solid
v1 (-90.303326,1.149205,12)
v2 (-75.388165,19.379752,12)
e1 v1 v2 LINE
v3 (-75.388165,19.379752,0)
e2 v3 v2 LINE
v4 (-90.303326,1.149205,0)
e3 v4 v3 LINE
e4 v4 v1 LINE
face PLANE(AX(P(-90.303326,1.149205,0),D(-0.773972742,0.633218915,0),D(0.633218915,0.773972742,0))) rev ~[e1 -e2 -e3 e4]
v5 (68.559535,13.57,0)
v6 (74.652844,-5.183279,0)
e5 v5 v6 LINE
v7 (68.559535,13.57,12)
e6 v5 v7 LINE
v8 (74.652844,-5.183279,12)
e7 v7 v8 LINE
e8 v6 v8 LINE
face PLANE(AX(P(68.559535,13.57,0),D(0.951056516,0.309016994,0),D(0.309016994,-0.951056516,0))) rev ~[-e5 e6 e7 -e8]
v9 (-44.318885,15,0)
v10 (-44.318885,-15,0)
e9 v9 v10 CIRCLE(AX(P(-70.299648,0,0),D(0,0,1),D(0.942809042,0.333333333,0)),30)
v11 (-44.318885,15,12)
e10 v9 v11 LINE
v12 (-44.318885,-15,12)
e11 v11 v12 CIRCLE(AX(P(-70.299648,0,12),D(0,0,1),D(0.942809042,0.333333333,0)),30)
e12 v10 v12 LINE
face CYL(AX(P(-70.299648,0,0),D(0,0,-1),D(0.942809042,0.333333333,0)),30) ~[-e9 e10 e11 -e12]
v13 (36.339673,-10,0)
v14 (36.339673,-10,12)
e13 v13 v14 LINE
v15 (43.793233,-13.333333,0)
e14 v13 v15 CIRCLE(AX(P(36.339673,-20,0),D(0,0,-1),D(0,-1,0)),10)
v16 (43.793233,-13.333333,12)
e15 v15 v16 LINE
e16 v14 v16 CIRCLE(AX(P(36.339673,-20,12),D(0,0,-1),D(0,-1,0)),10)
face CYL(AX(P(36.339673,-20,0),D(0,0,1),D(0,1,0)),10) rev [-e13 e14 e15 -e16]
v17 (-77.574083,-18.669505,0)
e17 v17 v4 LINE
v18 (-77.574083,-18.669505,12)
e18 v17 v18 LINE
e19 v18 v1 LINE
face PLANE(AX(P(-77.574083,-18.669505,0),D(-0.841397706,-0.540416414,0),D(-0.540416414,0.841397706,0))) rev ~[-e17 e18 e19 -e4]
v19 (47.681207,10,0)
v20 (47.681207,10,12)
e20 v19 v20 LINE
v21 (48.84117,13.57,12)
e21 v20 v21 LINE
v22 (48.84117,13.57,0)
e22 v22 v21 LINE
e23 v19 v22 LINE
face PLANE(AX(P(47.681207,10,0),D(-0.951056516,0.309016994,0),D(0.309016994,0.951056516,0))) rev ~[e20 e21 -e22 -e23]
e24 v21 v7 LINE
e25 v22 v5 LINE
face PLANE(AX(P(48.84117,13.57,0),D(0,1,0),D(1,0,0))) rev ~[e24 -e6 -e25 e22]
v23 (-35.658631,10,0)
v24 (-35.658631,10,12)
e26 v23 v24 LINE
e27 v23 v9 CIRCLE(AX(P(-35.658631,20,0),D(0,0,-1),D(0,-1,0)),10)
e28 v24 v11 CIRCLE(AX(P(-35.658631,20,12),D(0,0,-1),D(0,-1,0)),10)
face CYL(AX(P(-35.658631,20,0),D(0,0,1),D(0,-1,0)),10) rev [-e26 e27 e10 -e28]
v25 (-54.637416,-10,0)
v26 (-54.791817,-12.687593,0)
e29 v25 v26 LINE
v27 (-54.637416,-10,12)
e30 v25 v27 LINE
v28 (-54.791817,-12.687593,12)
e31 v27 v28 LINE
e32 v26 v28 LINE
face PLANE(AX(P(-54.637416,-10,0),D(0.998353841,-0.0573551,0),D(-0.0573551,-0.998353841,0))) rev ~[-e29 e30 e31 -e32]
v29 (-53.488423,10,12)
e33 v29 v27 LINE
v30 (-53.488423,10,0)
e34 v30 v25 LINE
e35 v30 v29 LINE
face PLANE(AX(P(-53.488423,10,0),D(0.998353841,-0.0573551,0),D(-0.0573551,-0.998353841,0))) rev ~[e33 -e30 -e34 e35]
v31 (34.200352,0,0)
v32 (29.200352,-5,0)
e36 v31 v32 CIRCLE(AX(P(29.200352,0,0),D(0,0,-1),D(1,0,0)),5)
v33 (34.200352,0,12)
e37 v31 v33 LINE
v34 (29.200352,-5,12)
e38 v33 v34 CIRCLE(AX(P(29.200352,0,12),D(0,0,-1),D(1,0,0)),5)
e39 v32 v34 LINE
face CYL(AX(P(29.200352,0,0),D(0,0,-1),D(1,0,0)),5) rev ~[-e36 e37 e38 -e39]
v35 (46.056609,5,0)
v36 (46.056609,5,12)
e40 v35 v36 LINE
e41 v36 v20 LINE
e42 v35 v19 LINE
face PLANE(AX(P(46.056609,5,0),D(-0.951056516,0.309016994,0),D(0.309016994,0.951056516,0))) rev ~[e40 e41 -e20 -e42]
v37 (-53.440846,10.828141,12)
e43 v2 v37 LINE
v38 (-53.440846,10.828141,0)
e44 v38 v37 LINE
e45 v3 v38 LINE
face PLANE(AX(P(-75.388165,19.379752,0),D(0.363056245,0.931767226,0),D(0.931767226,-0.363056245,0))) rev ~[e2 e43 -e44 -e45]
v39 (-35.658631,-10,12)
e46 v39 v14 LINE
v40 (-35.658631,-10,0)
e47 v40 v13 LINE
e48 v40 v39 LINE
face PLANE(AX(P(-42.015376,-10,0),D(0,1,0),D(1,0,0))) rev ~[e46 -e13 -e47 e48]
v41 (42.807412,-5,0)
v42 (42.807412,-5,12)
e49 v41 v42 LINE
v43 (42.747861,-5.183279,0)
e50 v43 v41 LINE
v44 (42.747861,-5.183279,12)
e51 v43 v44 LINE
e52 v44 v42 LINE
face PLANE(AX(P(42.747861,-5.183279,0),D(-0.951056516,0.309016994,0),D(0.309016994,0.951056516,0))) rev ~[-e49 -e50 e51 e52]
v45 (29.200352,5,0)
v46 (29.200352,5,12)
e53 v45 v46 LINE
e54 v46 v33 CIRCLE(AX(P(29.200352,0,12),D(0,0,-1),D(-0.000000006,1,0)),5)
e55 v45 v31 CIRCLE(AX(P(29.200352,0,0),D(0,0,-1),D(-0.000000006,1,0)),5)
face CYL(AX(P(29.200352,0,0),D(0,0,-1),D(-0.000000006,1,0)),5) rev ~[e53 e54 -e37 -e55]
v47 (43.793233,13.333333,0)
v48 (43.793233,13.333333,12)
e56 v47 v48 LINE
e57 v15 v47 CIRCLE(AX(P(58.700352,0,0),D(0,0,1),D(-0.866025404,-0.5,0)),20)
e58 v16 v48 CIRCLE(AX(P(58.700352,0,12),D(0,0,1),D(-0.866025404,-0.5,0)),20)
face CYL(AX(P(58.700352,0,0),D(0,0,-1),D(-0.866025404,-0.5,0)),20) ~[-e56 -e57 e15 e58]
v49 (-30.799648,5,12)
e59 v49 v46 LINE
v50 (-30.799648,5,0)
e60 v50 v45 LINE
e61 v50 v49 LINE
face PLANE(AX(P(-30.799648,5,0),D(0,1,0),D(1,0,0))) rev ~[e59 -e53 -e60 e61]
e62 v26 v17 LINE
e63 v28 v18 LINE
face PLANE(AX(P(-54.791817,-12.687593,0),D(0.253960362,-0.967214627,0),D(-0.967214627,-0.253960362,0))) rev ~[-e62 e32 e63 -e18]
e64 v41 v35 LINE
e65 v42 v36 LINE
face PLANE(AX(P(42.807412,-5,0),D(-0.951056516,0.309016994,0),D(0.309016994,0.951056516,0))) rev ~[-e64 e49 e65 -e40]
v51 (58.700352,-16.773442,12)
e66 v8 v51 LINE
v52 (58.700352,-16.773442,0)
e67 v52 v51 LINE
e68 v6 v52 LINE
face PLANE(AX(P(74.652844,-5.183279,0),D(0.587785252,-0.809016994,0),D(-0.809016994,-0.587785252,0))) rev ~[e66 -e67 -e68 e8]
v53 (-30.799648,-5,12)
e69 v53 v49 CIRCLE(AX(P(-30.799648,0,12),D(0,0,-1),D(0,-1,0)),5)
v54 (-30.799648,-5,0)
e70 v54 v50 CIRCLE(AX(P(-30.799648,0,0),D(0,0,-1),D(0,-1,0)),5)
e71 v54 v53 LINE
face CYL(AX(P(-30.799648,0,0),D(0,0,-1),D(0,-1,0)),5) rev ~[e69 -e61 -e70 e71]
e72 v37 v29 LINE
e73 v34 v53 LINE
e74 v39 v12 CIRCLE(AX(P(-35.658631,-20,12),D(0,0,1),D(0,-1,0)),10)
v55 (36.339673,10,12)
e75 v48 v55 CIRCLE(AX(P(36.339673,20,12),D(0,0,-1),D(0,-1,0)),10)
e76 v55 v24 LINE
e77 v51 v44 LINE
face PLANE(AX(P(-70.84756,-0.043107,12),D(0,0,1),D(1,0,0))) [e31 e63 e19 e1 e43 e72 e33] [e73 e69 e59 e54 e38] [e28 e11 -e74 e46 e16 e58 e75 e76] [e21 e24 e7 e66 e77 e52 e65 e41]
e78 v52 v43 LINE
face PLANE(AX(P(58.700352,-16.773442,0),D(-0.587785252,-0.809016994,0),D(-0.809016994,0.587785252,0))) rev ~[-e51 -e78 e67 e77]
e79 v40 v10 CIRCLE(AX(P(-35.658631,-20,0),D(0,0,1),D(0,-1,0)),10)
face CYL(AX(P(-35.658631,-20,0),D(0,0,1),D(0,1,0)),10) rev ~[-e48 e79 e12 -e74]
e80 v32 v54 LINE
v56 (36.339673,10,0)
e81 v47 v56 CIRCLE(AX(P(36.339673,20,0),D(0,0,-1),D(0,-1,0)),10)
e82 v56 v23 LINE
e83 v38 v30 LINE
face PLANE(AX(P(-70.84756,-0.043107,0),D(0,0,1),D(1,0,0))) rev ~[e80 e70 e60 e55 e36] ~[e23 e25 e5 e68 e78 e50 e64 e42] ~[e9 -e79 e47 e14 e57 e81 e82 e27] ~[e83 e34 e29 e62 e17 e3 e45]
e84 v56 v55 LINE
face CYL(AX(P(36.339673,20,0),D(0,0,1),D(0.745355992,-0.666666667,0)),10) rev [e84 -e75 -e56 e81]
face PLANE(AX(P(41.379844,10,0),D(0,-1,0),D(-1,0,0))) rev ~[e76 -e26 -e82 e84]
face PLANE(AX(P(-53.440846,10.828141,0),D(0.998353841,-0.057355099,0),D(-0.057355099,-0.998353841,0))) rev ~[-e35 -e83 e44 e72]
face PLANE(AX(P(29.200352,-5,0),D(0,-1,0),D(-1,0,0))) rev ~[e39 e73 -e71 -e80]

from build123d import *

# Parameters (mm, degrees)
F1_DEPTH = 12
F2_R     = 10


with BuildPart() as f1:
    # F0 (on Top) → F1 (new body)
    with BuildSketch(Plane.XY):
        with BuildLine():
            Line((-53.4884225706, 10), (-42.015376262, 10))
            ThreePointArc((-42.015376262, 10), (-100.2996475094, 0), (-42.015376262, -10))
            Line((-42.015376262, -10), (-54.6374159872, -10))
            Line((-54.6374159872, -10), (-54.7918173384, -12.6875933137))
            Line((-54.7918173384, -12.6875933137), (-77.5740827378, -18.6695048894))
            Line((-77.5740827378, -18.6695048894), (-90.3033259005, 1.1492047389))
            Line((-90.3033259005, 1.1492047389), (-75.3881654268, 19.3797524781))
            Line((-75.3881654268, 19.3797524781), (-53.4408461436, 10.8281409861))
            Line((-53.4408461436, 10.8281409861), (-53.4884225706, 10))
        make_face()
        with BuildLine():
            Line((-53.4235, 5), (-40.7192485939, 5))
            ThreePointArc((-40.7192485939, 5), (-41.2595026533, 7.5279470464), (-42.015376262, 10))
            Line((-42.015376262, 10), (-53.4884225706, 10))
            Line((-53.4884225706, 10), (-54.6374159872, -10))
            Line((-54.6374159872, -10), (-42.015376262, -10))
            ThreePointArc((-42.015376262, -10), (-41.2595026533, -7.5279470464), (-40.7192485939, -5))
            Line((-40.7192485939, -5), (-53.4235, -5))
            Line((-53.4235, -5), (-53.4235, 5))
        make_face()
        with BuildLine():
            ThreePointArc((-40.7192485939, -5), (-40.4047318258, -2.5087878084), (-40.2996475094, 0))
            ThreePointArc((-40.2996475094, 0), (-40.4047318258, 2.5087878084), (-40.7192485939, 5))
            Line((-40.7192485939, 5), (-53.4235, 5))
            Line((-53.4235, 5), (-53.4235, -5))
            Line((-53.4235, -5), (-40.7192485939, -5))
        make_face()
        with BuildLine():
            ThreePointArc((-42.015376262, 10), (-41.2595026533, 7.5279470464), (-40.7192485939, 5))
            Line((-40.7192485939, 5), (-30.7996475094, 5))
            Line((-30.7996475094, 5), (29.2003524628, 5))
            Line((29.2003524628, 5), (39.3354357595, 5))
            ThreePointArc((39.3354357595, 5), (40.1880566224, 7.5693395807), (41.3798444149, 10))
            Line((41.3798444149, 10), (-42.015376262, 10))
        make_face()
        with BuildLine():
            ThreePointArc((-40.7192485939, 5), (-40.4047318258, 2.5087878084), (-40.2996475094, 0))
            ThreePointArc((-40.2996475094, 0), (-40.4047318258, -2.5087878084), (-40.7192485939, -5))
            Line((-40.7192485939, -5), (-30.7996475094, -5))
            ThreePointArc((-30.7996475094, -5), (-35.7996475094, 0), (-30.7996475094, 5))
            Line((-30.7996475094, 5), (-40.7192485939, 5))
        make_face()
        with BuildLine():
            Line((-30.7996475094, -5), (-40.7192485939, -5))
            ThreePointArc((-40.7192485939, -5), (-41.2595026533, -7.5279470464), (-42.015376262, -10))
            Line((-42.015376262, -10), (41.3798444149, -10))
            ThreePointArc((41.3798444149, -10), (40.1880566224, -7.5693395807), (39.3354357595, -5))
            Line((39.3354357595, -5), (29.2003524906, -5))
            Line((29.2003524906, -5), (-30.7996475094, -5))
        make_face()
        with BuildLine():
            Line((39.3354357595, 5), (29.2003524628, 5))
            ThreePointArc((29.2003524628, 5), (32.7358863867, 3.5355339158), (34.2003524906, 0))
            ThreePointArc((34.2003524906, 0), (32.7358863965, -3.5355339059), (29.2003524906, -5))
            Line((29.2003524906, -5), (39.3354357595, -5))
            ThreePointArc((39.3354357595, -5), (38.7003524906, 0), (39.3354357595, 5))
        make_face()
        with BuildLine():
            Line((47.68120707, 10), (41.3798444149, 10))
            ThreePointArc((41.3798444149, 10), (40.1880566224, 7.5693395807), (39.3354357595, 5))
            Line((39.3354357595, 5), (46.0566085888, 5))
            Line((46.0566085888, 5), (47.68120707, 10))
        make_face()
        with BuildLine():
            ThreePointArc((78.7003524906, 0), (63.8767333926, 19.3185165258), (41.3798444149, 10))
            Line((41.3798444149, 10), (47.68120707, 10))
            Line((47.68120707, 10), (48.8411703855, 13.57))
            Line((48.8411703855, 13.57), (68.5595345956, 13.57))
            Line((68.5595345956, 13.57), (74.6528442378, -5.1832787727))
            Line((74.6528442378, -5.1832787727), (58.7003524906, -16.7734424547))
            Line((58.7003524906, -16.7734424547), (49.3775087566, -10))
            Line((49.3775087566, -10), (41.3798444149, -10))
            ThreePointArc((41.3798444149, -10), (63.8767333926, -19.3185165258), (78.7003524906, 0))
        make_face()
        with BuildLine():
            Line((46.0566085888, 5), (39.3354357595, 5))
            ThreePointArc((39.3354357595, 5), (38.7003524906, 0), (39.3354357595, -5))
            Line((39.3354357595, -5), (42.8074116265, -5))
            Line((42.8074116265, -5), (46.0566085888, 5))
        make_face()
        with BuildLine():
            ThreePointArc((39.3354357595, -5), (40.1880566224, -7.5693395807), (41.3798444149, -10))
            Line((41.3798444149, -10), (49.3775087566, -10))
            Line((49.3775087566, -10), (42.7478607434, -5.1832787727))
            Line((42.7478607434, -5.1832787727), (42.8074116265, -5))
            Line((42.8074116265, -5), (39.3354357595, -5))
        make_face()
    extrude(amount=F1_DEPTH)

    # F2
    f2_edges = [f1.edges().sort_by_distance(p)[0] for p in [
        (41.379844, -10, 6),
        (-42.015376, -10, 6),
        (41.379844, 10, 6),
        (-42.015376, 10, 6),
    ]]
    fillet(f2_edges, radius=F2_R)


solid = f1.part
